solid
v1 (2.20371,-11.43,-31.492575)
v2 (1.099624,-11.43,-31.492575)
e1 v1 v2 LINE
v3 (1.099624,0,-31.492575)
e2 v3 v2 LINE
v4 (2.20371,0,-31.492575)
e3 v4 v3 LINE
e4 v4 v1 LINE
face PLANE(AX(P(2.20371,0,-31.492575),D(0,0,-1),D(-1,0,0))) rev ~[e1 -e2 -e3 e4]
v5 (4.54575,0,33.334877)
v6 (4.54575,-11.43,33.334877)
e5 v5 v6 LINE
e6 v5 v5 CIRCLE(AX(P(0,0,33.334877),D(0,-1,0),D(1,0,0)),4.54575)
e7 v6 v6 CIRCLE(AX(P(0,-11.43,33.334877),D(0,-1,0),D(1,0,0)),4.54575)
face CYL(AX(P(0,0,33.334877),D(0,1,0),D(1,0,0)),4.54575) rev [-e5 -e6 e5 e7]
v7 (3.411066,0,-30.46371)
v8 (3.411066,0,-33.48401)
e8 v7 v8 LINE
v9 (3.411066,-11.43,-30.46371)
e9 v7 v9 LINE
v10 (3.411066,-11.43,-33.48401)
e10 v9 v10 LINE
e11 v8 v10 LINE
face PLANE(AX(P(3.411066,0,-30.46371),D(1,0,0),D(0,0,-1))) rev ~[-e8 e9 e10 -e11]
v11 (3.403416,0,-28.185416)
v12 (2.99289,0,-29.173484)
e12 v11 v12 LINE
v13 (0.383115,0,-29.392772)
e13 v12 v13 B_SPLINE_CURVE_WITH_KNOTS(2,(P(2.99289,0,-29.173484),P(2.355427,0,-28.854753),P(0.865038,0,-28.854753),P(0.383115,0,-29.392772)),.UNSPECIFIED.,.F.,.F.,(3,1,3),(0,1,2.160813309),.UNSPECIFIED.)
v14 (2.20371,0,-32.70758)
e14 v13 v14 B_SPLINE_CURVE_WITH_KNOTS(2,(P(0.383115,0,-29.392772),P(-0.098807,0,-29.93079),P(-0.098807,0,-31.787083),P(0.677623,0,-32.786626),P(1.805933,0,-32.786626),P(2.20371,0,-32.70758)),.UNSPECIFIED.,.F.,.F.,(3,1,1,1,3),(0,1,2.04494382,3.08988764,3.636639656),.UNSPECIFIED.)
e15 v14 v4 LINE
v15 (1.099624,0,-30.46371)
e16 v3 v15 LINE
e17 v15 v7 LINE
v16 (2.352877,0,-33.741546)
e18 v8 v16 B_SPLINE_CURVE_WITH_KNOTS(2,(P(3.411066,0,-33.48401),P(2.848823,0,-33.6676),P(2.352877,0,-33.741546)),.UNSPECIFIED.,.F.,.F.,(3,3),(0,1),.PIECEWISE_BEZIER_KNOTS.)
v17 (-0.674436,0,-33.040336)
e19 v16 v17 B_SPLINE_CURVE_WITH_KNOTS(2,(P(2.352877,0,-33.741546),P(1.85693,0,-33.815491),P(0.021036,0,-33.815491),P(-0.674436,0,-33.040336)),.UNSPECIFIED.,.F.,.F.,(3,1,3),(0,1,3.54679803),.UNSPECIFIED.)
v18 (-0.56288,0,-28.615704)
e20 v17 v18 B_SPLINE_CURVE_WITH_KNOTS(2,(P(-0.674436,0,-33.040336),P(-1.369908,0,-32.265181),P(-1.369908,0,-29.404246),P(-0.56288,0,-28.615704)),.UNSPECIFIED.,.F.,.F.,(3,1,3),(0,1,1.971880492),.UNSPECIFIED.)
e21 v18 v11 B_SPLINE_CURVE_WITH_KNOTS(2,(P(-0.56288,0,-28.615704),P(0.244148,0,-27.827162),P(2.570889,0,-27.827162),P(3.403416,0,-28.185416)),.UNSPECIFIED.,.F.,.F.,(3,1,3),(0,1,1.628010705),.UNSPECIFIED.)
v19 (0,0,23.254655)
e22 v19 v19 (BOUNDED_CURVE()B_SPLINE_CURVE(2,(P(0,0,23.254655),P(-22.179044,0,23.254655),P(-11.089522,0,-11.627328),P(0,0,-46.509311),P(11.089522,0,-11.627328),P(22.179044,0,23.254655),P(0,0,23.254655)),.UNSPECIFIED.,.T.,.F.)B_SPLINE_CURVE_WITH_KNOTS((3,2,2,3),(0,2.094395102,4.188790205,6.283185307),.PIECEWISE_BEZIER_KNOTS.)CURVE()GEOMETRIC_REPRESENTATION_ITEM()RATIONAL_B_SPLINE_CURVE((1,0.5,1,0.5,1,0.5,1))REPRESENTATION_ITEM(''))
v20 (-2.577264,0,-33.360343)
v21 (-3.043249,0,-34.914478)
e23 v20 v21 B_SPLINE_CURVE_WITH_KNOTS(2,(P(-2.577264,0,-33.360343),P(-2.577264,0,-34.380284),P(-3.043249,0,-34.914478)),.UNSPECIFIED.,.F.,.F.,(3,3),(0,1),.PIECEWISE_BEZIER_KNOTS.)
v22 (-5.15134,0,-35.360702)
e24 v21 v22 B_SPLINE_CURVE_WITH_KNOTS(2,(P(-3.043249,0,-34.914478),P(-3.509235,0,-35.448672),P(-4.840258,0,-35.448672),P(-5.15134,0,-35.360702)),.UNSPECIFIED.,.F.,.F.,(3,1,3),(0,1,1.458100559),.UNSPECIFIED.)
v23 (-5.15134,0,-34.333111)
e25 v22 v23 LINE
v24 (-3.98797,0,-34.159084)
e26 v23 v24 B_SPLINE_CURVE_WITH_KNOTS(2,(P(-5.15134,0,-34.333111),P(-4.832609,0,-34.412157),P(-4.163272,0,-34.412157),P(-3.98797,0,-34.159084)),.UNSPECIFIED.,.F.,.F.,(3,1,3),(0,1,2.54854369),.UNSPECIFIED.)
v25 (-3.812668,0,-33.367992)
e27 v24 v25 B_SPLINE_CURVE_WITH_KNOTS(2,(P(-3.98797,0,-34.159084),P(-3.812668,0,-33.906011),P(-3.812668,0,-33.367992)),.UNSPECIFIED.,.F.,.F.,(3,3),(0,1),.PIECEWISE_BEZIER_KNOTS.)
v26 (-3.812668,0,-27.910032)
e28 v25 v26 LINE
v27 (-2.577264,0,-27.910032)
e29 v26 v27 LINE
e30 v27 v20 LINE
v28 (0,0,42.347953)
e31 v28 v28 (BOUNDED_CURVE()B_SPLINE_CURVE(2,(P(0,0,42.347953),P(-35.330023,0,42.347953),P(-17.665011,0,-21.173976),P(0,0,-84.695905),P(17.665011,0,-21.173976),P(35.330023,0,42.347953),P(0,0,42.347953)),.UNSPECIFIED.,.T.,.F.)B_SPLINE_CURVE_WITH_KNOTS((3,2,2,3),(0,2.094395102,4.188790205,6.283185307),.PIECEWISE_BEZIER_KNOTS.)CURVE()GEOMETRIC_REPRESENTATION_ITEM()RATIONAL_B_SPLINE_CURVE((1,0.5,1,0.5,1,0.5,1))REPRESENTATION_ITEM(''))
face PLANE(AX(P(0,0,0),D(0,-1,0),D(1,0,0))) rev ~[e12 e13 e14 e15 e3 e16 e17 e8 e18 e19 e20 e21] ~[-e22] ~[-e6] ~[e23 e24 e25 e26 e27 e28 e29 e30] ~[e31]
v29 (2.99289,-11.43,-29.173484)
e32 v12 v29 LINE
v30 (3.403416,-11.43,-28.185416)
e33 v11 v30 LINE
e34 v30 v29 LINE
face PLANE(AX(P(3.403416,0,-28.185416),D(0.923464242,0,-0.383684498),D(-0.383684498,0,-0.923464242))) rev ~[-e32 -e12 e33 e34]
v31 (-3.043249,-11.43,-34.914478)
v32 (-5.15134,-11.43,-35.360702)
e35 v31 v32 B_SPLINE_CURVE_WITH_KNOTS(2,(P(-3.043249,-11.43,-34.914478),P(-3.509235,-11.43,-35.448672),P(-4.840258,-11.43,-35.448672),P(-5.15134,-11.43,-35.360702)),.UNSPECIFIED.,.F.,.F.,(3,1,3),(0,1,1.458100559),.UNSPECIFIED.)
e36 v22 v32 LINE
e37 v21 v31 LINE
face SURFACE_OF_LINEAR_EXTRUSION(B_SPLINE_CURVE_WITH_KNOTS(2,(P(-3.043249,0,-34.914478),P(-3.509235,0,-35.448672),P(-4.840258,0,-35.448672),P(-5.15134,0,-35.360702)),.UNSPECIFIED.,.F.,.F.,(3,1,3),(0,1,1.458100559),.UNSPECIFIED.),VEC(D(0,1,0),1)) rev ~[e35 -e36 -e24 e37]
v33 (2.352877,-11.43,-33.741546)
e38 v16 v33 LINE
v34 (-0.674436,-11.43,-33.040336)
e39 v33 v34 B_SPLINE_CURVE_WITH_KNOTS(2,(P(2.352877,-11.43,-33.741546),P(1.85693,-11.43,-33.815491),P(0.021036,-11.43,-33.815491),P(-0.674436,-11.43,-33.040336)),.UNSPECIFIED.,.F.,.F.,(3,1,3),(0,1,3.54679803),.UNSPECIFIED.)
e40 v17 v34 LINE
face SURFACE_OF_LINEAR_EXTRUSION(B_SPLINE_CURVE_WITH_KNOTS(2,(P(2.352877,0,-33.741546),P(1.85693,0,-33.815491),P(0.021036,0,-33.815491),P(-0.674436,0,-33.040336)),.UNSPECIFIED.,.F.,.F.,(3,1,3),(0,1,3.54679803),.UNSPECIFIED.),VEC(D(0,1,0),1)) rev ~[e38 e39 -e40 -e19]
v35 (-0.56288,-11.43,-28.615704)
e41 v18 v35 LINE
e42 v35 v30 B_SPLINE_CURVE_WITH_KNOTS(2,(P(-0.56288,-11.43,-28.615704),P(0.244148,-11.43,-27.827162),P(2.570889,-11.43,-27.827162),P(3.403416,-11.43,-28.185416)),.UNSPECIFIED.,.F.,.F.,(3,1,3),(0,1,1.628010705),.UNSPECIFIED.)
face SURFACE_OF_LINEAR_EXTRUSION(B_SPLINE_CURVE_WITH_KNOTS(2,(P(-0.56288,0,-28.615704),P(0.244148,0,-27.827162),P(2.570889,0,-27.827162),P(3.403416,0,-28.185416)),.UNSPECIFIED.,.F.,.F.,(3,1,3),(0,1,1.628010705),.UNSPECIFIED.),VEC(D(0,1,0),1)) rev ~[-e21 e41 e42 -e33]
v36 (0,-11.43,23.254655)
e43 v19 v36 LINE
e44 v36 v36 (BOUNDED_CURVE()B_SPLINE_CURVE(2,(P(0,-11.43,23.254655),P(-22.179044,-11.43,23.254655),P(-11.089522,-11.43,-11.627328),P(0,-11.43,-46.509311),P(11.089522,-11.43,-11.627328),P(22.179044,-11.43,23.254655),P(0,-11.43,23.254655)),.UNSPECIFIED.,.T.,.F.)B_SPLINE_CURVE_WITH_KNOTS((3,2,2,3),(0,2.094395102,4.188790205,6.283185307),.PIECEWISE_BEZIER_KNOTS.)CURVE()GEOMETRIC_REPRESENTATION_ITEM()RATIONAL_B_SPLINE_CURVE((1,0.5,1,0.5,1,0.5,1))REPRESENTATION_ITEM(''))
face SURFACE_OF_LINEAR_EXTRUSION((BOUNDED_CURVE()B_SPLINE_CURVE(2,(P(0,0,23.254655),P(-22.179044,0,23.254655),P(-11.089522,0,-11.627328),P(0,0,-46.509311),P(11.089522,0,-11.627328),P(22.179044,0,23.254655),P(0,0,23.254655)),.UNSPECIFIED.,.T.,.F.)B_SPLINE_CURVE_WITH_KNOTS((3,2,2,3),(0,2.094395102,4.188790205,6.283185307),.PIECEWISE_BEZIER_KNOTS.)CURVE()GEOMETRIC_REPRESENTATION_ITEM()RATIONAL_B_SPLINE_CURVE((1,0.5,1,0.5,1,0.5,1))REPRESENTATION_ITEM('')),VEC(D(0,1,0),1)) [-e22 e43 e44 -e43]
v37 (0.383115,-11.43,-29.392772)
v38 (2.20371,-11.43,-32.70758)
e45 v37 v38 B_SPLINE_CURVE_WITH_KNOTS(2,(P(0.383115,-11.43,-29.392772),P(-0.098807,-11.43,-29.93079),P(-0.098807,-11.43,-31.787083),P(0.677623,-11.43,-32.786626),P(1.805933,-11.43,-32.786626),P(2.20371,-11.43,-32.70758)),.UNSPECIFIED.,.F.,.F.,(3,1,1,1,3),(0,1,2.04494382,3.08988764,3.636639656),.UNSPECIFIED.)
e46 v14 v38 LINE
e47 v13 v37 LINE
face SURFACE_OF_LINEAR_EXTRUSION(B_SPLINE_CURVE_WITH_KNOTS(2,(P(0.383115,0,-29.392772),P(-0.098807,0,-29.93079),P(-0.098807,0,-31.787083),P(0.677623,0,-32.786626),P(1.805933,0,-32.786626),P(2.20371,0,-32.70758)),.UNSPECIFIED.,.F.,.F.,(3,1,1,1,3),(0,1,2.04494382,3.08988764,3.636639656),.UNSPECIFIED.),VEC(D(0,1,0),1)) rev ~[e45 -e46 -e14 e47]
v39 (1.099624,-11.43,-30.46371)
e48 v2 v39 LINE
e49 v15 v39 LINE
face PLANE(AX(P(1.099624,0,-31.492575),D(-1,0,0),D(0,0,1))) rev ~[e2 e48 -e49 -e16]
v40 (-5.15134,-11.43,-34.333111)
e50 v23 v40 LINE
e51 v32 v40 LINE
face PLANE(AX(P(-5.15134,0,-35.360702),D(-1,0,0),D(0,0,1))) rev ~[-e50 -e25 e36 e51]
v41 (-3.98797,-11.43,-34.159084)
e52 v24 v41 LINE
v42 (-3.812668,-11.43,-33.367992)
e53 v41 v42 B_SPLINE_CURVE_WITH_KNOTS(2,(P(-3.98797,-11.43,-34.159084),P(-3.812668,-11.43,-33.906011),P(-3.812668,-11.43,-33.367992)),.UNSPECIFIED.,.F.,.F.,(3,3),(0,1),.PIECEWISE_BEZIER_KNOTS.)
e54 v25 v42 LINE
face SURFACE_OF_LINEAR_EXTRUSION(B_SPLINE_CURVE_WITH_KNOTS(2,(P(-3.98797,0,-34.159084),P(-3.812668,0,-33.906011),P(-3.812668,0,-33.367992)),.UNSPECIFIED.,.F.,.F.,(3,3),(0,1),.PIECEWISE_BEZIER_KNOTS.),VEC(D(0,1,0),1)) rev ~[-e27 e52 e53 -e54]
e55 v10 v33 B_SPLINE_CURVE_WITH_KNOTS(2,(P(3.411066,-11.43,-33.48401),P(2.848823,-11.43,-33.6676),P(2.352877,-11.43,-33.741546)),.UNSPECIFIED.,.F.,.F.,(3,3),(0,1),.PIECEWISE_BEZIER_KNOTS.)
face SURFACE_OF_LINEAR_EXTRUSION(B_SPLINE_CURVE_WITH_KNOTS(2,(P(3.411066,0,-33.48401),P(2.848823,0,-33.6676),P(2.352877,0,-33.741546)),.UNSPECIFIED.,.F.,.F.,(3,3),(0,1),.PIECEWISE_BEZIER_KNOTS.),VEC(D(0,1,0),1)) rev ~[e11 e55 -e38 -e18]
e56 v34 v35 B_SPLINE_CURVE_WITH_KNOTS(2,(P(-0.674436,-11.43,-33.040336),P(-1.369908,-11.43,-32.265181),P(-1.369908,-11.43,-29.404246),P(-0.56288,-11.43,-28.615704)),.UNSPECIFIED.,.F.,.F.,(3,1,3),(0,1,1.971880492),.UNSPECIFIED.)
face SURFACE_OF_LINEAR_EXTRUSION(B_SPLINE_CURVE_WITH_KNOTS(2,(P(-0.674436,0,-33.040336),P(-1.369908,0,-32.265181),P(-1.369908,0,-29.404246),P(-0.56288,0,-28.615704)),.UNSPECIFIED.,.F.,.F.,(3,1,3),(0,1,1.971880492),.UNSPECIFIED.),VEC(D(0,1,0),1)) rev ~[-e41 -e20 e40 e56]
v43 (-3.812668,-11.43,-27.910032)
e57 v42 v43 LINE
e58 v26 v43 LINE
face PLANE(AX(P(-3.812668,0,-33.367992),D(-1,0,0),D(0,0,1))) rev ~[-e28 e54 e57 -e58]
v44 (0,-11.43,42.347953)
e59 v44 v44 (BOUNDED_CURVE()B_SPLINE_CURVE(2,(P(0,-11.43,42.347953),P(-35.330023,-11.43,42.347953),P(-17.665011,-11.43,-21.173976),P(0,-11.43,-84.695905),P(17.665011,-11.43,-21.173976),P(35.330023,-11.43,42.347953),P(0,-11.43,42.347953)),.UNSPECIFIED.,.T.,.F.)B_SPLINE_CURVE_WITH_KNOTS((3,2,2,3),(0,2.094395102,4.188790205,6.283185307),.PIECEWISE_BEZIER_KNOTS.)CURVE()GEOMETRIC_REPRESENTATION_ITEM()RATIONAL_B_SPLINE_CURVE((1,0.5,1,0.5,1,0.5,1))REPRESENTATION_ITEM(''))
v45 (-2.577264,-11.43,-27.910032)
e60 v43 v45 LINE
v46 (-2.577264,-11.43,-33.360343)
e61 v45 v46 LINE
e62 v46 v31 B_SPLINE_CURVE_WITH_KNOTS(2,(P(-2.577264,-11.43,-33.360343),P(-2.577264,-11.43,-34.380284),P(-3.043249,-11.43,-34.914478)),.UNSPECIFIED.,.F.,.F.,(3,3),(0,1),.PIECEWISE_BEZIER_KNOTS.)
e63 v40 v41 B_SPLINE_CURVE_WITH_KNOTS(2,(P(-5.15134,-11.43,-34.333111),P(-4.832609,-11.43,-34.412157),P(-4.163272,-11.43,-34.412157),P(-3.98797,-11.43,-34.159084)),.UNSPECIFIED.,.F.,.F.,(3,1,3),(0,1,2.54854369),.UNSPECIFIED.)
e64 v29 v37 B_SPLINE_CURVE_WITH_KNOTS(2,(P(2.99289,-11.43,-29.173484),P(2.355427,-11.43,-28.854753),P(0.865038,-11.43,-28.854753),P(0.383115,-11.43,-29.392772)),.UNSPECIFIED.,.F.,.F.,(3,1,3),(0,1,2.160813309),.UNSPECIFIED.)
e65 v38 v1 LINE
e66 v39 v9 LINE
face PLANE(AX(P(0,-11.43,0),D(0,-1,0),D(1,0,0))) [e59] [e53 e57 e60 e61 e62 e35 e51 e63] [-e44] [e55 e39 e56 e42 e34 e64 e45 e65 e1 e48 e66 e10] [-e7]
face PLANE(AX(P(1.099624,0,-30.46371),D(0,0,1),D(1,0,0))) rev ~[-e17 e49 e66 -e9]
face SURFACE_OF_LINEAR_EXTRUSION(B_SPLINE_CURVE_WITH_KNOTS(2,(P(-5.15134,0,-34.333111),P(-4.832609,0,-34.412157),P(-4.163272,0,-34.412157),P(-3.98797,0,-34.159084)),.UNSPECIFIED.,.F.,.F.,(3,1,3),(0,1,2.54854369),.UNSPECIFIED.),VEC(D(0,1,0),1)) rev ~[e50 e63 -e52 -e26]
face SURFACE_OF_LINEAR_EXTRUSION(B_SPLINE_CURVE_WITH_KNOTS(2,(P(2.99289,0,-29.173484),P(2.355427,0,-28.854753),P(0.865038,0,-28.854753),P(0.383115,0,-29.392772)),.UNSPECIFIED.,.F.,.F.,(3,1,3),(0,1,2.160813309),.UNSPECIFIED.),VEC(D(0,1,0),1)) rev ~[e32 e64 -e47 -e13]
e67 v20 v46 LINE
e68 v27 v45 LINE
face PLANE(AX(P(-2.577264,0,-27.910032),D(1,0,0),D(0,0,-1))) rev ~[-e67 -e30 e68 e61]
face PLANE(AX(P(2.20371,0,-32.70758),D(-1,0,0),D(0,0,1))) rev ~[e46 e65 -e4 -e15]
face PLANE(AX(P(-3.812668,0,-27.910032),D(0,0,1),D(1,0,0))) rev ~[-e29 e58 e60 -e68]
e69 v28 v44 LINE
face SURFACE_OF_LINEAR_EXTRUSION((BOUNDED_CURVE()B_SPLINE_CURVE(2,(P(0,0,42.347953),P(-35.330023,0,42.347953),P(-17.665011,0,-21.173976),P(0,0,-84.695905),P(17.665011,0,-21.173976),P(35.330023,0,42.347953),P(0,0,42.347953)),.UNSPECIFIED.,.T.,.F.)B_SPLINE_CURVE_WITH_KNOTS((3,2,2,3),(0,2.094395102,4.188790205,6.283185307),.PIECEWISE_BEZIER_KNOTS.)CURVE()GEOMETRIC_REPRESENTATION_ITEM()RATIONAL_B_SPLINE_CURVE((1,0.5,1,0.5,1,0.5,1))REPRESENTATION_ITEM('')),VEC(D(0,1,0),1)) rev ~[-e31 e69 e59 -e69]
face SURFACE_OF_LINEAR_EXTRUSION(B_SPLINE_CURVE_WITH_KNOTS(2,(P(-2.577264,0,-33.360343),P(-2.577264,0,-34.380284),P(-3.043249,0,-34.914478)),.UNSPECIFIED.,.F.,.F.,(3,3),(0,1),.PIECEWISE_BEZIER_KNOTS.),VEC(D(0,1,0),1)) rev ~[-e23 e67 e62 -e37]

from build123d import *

# Parameters (mm, degrees)
F0_R     = 4.5457502189
F1_DEPTH = 11.43


with BuildPart() as f1:
    # F0 (on Front) → F1 (new body)
    with BuildSketch(Plane.XZ):
        with BuildLine():
            add(Edge.make_bspline(
                [(0, 42.3479527235), (-35.330022789, 42.3479527235), (-17.6650113945, -21.1739763618), (0, -84.695905447), (17.6650113945, -21.1739763618), (35.330022789, 42.3479527235), (0, 42.3479527235)],
                knots=[0, 0, 0, 2.0943951024, 2.0943951024, 4.1887902048, 4.1887902048, 6.2831853072, 6.2831853072, 6.2831853072], degree=2, weights=[1, 0.5, 1, 0.5, 1, 0.5, 1]))
        make_face()
        with BuildLine():
            add(Edge.make_bspline(
                [(-3.0432494103, -34.9144779167), (-3.5092350239, -35.4486720947), (-4.4220823543, -35.4486720947)],
                knots=[0, 0, 0, 1, 1, 1], degree=2))
            add(Edge.make_bspline(
                [(-4.4220823543, -35.4486720947), (-4.8402582264, -35.4486720947), (-5.1513402775, -35.3607021704)],
                knots=[0, 0, 0, 1, 1, 1], degree=2))
            Line((-5.1513402775, -35.3607021704), (-5.1513402775, -34.3331114604))
            add(Edge.make_bspline(
                [(-5.1513402775, -34.3331114604), (-4.8326086677, -34.4121568996), (-4.5699738213, -34.4121568996)],
                knots=[0, 0, 0, 1, 1, 1], degree=2))
            add(Edge.make_bspline(
                [(-4.5699738213, -34.4121568996), (-4.1632722872, -34.4121568996), (-3.9879699018, -34.1590840015)],
                knots=[0, 0, 0, 1, 1, 1], degree=2))
            add(Edge.make_bspline(
                [(-3.9879699018, -34.1590840015), (-3.8126675164, -33.9060111033), (-3.8126675164, -33.3679921459)],
                knots=[0, 0, 0, 1, 1, 1], degree=2))
            Line((-3.8126675164, -33.3679921459), (-3.8126675164, -27.9100320598))
            Line((-3.8126675164, -27.9100320598), (-2.5772637968, -27.9100320598))
            Line((-2.5772637968, -27.9100320598), (-2.5772637968, -33.3603425873))
            add(Edge.make_bspline(
                [(-2.5772637968, -33.3603425873), (-2.5772637968, -34.3802837387), (-3.0432494103, -34.9144779167)],
                knots=[0, 0, 0, 1, 1, 1], degree=2))
        make_face(mode=Mode.SUBTRACT)
        with BuildLine():
            Line((1.0996240538, -31.4925753539), (1.0996240538, -30.4637097175))
            Line((1.0996240538, -30.4637097175), (3.411065688, -30.4637097175))
            Line((3.411065688, -30.4637097175), (3.411065688, -33.4840104519))
            add(Edge.make_bspline(
                [(3.411065688, -33.4840104519), (2.8488231284, -33.6675998591), (2.3528767435, -33.7415455926)],
                knots=[0, 0, 0, 1, 1, 1], degree=2))
            add(Edge.make_bspline(
                [(2.3528767435, -33.7415455926), (1.8569303587, -33.8154913261), (1.3393102244, -33.8154913261)],
                knots=[0, 0, 0, 1, 1, 1], degree=2))
            add(Edge.make_bspline(
                [(1.3393102244, -33.8154913261), (0.0210362862, -33.8154913261), (-0.6744360863, -33.0403360511)],
                knots=[0, 0, 0, 1, 1, 1], degree=2))
            add(Edge.make_bspline(
                [(-0.6744360863, -33.0403360511), (-1.3699084589, -32.265180776), (-1.3699084589, -30.8143144883)],
                knots=[0, 0, 0, 1, 1, 1], degree=2))
            add(Edge.make_bspline(
                [(-1.3699084589, -30.8143144883), (-1.3699084589, -29.4042458465), (-0.5628800229, -28.6157038439)],
                knots=[0, 0, 0, 1, 1, 1], degree=2))
            add(Edge.make_bspline(
                [(-0.5628800229, -28.6157038439), (0.2441484131, -27.8271618412), (1.6733409514, -27.8271618412)],
                knots=[0, 0, 0, 1, 1, 1], degree=2))
            add(Edge.make_bspline(
                [(1.6733409514, -27.8271618412), (2.5708891646, -27.8271618412), (3.4034161294, -28.1854161706)],
                knots=[0, 0, 0, 1, 1, 1], degree=2))
            Line((3.4034161294, -28.1854161706), (2.992889816, -29.173484161))
            add(Edge.make_bspline(
                [(2.992889816, -29.173484161), (2.3554265964, -28.8547525512), (1.6656913928, -28.8547525512)],
                knots=[0, 0, 0, 1, 1, 1], degree=2))
            add(Edge.make_bspline(
                [(1.6656913928, -28.8547525512), (0.865037589, -28.8547525512), (0.383115395, -29.3927715086)],
                knots=[0, 0, 0, 1, 1, 1], degree=2))
            add(Edge.make_bspline(
                [(0.383115395, -29.3927715086), (-0.098806799, -29.9307904659), (-0.098806799, -30.8385380906)],
                knots=[0, 0, 0, 1, 1, 1], degree=2))
            add(Edge.make_bspline(
                [(-0.098806799, -30.8385380906), (-0.098806799, -31.7870833613), (0.2894083017, -32.2868545255)],
                knots=[0, 0, 0, 1, 1, 1], degree=2))
            add(Edge.make_bspline(
                [(0.2894083017, -32.2868545255), (0.6776234024, -32.7866256897), (1.4183556636, -32.7866256897)],
                knots=[0, 0, 0, 1, 1, 1], degree=2))
            add(Edge.make_bspline(
                [(1.4183556636, -32.7866256897), (1.8059333011, -32.7866256897), (2.2037103501, -32.7075802504)],
                knots=[0, 0, 0, 1, 1, 1], degree=2))
            Line((2.2037103501, -32.7075802504), (2.2037103501, -31.4925753539))
            Line((2.2037103501, -31.4925753539), (1.0996240538, -31.4925753539))
        make_face(mode=Mode.SUBTRACT)
        with BuildLine():
            add(Edge.make_bspline(
                [(0, 23.2546553016), (-22.1790441059, 23.2546553016), (-11.089522053, -11.6273276508), (0, -46.5093106031), (11.089522053, -11.6273276508), (22.1790441059, 23.2546553016), (0, 23.2546553016)],
                knots=[0, 0, 0, 2.0943951024, 2.0943951024, 4.1887902048, 4.1887902048, 6.2831853072, 6.2831853072, 6.2831853072], degree=2, weights=[1, 0.5, 1, 0.5, 1, 0.5, 1]))
        make_face(mode=Mode.SUBTRACT)
        with Locations((0, 33.334877342)):
            Circle(F0_R, mode=Mode.SUBTRACT)
    extrude(amount=F1_DEPTH)


solid = f1.part
